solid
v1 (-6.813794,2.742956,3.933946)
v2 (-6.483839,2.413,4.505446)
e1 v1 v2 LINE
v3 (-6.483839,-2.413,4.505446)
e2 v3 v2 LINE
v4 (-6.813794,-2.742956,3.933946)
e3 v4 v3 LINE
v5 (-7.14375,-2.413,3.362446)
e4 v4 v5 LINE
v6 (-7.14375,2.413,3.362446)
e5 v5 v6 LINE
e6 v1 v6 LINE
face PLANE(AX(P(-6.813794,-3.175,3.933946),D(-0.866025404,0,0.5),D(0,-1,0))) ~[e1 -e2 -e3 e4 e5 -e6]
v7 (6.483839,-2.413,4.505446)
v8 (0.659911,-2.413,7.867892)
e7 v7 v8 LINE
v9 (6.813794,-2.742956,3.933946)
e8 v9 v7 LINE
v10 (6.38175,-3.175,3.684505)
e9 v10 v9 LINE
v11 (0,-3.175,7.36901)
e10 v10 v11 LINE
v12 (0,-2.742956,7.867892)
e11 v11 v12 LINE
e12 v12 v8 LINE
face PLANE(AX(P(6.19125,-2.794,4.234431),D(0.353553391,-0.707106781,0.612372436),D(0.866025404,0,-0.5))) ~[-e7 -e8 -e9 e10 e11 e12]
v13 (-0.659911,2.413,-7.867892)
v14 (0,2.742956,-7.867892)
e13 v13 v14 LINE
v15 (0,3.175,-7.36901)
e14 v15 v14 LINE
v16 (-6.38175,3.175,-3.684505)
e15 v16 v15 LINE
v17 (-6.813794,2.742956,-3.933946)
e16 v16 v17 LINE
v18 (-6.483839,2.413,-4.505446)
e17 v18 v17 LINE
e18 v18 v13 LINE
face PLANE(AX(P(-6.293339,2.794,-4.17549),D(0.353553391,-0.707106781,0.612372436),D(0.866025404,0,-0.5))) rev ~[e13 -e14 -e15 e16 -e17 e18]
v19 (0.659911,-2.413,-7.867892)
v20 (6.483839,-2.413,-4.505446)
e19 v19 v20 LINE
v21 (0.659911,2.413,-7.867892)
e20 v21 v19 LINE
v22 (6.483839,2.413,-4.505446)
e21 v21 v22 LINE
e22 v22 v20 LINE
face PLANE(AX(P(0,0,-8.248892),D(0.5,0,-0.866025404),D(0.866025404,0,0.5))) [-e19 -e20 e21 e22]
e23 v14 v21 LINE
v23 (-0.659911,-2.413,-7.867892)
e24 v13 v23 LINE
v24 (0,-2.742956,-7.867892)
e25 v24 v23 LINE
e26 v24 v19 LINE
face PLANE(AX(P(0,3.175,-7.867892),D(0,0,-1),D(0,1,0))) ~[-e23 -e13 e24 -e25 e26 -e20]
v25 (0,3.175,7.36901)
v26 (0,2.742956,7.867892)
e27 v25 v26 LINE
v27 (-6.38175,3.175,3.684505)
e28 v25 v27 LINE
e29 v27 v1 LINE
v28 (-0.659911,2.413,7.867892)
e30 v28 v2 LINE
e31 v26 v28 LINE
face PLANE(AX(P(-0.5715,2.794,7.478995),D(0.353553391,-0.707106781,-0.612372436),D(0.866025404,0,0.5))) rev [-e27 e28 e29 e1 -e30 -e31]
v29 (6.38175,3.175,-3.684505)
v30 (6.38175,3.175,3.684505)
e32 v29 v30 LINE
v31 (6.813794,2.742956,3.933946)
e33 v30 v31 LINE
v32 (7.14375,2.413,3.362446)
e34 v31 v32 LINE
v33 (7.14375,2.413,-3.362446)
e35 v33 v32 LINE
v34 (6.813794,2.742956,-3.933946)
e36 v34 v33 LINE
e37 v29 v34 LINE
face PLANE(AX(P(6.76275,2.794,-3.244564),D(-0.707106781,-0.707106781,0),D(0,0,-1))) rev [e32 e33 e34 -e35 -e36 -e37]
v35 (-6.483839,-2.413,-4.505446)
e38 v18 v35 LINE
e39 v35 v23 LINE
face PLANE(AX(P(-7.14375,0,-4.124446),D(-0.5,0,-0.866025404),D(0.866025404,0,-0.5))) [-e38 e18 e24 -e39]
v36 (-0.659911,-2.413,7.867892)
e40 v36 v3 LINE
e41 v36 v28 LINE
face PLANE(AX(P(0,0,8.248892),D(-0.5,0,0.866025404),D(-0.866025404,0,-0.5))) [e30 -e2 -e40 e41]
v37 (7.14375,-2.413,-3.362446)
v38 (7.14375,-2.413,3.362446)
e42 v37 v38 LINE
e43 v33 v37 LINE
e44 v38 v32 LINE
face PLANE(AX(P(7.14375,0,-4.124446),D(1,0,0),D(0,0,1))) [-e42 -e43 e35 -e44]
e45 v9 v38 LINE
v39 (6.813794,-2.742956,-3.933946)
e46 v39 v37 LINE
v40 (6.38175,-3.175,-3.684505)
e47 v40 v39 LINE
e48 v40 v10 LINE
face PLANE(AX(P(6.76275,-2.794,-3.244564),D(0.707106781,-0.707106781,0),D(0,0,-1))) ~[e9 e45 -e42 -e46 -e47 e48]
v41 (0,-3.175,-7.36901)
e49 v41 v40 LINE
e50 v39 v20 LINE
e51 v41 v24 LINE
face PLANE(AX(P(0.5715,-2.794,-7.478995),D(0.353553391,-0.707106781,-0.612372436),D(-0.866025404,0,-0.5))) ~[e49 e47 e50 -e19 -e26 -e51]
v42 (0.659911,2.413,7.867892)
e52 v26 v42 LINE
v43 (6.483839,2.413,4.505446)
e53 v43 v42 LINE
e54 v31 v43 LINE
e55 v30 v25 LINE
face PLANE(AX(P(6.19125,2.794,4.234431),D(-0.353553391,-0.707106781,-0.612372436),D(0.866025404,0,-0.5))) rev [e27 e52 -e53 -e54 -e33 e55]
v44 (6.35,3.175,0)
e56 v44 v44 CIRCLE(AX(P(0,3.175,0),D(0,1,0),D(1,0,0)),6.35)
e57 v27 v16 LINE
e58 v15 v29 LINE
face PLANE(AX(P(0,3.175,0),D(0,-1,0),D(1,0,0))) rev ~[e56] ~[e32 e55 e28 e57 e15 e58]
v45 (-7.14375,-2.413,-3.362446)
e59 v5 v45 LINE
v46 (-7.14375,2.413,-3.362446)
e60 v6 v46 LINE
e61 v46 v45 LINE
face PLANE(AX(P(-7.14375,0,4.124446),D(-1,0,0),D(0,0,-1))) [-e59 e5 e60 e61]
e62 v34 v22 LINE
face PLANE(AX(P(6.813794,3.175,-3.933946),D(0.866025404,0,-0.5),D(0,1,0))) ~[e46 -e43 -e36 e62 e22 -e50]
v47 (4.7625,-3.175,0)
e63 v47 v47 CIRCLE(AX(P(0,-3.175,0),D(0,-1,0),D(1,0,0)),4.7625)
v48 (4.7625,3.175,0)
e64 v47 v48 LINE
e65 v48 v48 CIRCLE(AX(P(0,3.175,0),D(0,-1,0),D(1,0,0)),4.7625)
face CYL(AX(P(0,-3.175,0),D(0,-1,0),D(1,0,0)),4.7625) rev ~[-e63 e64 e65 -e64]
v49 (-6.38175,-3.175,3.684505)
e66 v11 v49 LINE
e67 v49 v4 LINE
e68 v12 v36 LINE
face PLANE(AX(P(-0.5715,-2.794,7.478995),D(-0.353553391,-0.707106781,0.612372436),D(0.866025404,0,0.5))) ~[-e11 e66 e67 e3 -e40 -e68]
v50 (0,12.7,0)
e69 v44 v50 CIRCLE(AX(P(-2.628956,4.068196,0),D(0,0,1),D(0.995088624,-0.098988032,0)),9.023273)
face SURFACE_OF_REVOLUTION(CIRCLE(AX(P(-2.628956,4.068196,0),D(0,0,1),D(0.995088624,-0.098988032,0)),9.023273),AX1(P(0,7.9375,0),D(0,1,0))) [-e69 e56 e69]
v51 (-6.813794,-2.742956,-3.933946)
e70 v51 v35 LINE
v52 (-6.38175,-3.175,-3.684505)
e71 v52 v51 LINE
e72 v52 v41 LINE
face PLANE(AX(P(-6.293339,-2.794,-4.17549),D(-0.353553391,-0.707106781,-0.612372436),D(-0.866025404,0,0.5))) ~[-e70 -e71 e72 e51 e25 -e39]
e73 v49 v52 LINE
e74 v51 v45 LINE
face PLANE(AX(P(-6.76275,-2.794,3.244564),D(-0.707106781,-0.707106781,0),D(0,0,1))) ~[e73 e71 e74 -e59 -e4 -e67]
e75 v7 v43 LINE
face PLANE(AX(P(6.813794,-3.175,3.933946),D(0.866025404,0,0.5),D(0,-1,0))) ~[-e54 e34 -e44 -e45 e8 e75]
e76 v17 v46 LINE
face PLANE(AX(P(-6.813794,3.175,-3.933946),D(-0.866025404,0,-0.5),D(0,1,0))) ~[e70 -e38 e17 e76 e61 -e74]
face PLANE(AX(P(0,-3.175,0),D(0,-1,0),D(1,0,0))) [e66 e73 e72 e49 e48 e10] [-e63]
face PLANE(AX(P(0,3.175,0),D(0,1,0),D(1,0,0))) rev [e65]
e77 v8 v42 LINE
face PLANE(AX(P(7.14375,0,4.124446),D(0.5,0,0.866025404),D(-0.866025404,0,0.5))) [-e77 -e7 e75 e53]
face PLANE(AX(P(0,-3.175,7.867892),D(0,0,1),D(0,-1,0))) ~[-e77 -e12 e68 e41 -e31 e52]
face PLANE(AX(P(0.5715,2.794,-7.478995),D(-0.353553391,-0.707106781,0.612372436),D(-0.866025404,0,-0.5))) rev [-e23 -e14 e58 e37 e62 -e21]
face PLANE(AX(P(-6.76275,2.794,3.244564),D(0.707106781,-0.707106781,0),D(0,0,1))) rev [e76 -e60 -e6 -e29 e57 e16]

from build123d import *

# Parameters (mm, degrees)
F1_DEPTH = 3.175
F2_R     = 4.7625
F3_DEPTH = 25
F4_SIZE  = 0.762
F5_SIZE  = 0.762
F6_SIZE  = 0.762


with BuildPart() as f1:
    # F0 (on Front) → F1 (new body, symmetric)
    with BuildSketch(Plane.XZ):
        Polygon((-7.14375, 4.1244459855), (-7.14375, -4.1244459855), (0, -8.248891971), (7.14375, -4.1244459855), (7.14375, 4.1244459855), (0, 8.248891971), align=None)
    extrude(amount=F1_DEPTH, both=True)

    # F2 (on face) → F3 (cut)
    with BuildSketch(Plane.XZ.offset(3.175)):
        Circle(F2_R)
    extrude(amount=-F3_DEPTH, mode=Mode.SUBTRACT)

    # F4
    f4_edges = [f1.edges().sort_by_distance(p)[0] for p in [
        (0, 0, 8.248892),
        (7.14375, 0, 4.124446),
        (7.14375, 0, -4.124446),
        (0, 0, -8.248892),
        (-7.14375, 0, -4.124446),
        (-7.14375, 0, 4.124446),
    ]]
    chamfer(f4_edges, length=F4_SIZE)

    # F5 (call 1 of 6: OpenCascade refuses the feature's edges together)
    f5_edges = [f1.edges().sort_by_distance(p)[0] for p in [
        (-3.571875, -3.175, -6.186669),
    ]]
    chamfer(f5_edges, length=F5_SIZE)

    # F5#2 (call 2 of 6)
    f5_2_edges = [f1.edges().sort_by_distance(p)[0] for p in [
        (3.571875, -3.175, -6.186669),
    ]]
    chamfer(f5_2_edges, length=F5_SIZE)

    # F5#3 (call 3 of 6)
    f5_3_edges = [f1.edges().sort_by_distance(p)[0] for p in [
        (7.14375, -3.175, 0),
    ]]
    chamfer(f5_3_edges, length=F5_SIZE)

    # F5#4 (call 4 of 6)
    f5_4_edges = [f1.edges().sort_by_distance(p)[0] for p in [
        (3.571875, -3.175, 6.186669),
    ]]
    chamfer(f5_4_edges, length=F5_SIZE)

    # F5#5 (call 5 of 6)
    f5_5_edges = [f1.edges().sort_by_distance(p)[0] for p in [
        (-3.571875, -3.175, 6.186669),
    ]]
    chamfer(f5_5_edges, length=F5_SIZE)

    # F5#6 (call 6 of 6)
    f5_6_edges = [f1.edges().sort_by_distance(p)[0] for p in [
        (-7.14375, -3.175, 0),
    ]]
    chamfer(f5_6_edges, length=F5_SIZE)

    # F6 (call 1 of 6: OpenCascade refuses the feature's edges together)
    f6_edges = [f1.edges().sort_by_distance(p)[0] for p in [
        (-3.571875, 3.175, -6.186669),
    ]]
    chamfer(f6_edges, length=F6_SIZE)

    # F6#2 (call 2 of 6)
    f6_2_edges = [f1.edges().sort_by_distance(p)[0] for p in [
        (3.571875, 3.175, -6.186669),
    ]]
    chamfer(f6_2_edges, length=F6_SIZE)

    # F6#3 (call 3 of 6)
    f6_3_edges = [f1.edges().sort_by_distance(p)[0] for p in [
        (7.14375, 3.175, 0),
    ]]
    chamfer(f6_3_edges, length=F6_SIZE)

    # F6#4 (call 4 of 6)
    f6_4_edges = [f1.edges().sort_by_distance(p)[0] for p in [
        (3.571875, 3.175, 6.186669),
    ]]
    chamfer(f6_4_edges, length=F6_SIZE)

    # F6#5 (call 5 of 6)
    f6_5_edges = [f1.edges().sort_by_distance(p)[0] for p in [
        (-3.571875, 3.175, 6.186669),
    ]]
    chamfer(f6_5_edges, length=F6_SIZE)

    # F6#6 (call 6 of 6)
    f6_6_edges = [f1.edges().sort_by_distance(p)[0] for p in [
        (-7.14375, 3.175, 0),
    ]]
    chamfer(f6_6_edges, length=F6_SIZE)

    # F7 (on Top) → F8 (revolve)
    with BuildSketch(Plane.XY):
        with BuildLine():
            Line((0, 12.7), (0, 3.175))
            Line((0, 3.175), (6.35, 3.175))
            ThreePointArc((6.35, 3.175), (4.8788606959, 9.0734071306), (0, 12.7))
        make_face()
    revolve(axis=Axis((0, 7.9375, 0), (0, 1, 0)))


solid = f1.part
